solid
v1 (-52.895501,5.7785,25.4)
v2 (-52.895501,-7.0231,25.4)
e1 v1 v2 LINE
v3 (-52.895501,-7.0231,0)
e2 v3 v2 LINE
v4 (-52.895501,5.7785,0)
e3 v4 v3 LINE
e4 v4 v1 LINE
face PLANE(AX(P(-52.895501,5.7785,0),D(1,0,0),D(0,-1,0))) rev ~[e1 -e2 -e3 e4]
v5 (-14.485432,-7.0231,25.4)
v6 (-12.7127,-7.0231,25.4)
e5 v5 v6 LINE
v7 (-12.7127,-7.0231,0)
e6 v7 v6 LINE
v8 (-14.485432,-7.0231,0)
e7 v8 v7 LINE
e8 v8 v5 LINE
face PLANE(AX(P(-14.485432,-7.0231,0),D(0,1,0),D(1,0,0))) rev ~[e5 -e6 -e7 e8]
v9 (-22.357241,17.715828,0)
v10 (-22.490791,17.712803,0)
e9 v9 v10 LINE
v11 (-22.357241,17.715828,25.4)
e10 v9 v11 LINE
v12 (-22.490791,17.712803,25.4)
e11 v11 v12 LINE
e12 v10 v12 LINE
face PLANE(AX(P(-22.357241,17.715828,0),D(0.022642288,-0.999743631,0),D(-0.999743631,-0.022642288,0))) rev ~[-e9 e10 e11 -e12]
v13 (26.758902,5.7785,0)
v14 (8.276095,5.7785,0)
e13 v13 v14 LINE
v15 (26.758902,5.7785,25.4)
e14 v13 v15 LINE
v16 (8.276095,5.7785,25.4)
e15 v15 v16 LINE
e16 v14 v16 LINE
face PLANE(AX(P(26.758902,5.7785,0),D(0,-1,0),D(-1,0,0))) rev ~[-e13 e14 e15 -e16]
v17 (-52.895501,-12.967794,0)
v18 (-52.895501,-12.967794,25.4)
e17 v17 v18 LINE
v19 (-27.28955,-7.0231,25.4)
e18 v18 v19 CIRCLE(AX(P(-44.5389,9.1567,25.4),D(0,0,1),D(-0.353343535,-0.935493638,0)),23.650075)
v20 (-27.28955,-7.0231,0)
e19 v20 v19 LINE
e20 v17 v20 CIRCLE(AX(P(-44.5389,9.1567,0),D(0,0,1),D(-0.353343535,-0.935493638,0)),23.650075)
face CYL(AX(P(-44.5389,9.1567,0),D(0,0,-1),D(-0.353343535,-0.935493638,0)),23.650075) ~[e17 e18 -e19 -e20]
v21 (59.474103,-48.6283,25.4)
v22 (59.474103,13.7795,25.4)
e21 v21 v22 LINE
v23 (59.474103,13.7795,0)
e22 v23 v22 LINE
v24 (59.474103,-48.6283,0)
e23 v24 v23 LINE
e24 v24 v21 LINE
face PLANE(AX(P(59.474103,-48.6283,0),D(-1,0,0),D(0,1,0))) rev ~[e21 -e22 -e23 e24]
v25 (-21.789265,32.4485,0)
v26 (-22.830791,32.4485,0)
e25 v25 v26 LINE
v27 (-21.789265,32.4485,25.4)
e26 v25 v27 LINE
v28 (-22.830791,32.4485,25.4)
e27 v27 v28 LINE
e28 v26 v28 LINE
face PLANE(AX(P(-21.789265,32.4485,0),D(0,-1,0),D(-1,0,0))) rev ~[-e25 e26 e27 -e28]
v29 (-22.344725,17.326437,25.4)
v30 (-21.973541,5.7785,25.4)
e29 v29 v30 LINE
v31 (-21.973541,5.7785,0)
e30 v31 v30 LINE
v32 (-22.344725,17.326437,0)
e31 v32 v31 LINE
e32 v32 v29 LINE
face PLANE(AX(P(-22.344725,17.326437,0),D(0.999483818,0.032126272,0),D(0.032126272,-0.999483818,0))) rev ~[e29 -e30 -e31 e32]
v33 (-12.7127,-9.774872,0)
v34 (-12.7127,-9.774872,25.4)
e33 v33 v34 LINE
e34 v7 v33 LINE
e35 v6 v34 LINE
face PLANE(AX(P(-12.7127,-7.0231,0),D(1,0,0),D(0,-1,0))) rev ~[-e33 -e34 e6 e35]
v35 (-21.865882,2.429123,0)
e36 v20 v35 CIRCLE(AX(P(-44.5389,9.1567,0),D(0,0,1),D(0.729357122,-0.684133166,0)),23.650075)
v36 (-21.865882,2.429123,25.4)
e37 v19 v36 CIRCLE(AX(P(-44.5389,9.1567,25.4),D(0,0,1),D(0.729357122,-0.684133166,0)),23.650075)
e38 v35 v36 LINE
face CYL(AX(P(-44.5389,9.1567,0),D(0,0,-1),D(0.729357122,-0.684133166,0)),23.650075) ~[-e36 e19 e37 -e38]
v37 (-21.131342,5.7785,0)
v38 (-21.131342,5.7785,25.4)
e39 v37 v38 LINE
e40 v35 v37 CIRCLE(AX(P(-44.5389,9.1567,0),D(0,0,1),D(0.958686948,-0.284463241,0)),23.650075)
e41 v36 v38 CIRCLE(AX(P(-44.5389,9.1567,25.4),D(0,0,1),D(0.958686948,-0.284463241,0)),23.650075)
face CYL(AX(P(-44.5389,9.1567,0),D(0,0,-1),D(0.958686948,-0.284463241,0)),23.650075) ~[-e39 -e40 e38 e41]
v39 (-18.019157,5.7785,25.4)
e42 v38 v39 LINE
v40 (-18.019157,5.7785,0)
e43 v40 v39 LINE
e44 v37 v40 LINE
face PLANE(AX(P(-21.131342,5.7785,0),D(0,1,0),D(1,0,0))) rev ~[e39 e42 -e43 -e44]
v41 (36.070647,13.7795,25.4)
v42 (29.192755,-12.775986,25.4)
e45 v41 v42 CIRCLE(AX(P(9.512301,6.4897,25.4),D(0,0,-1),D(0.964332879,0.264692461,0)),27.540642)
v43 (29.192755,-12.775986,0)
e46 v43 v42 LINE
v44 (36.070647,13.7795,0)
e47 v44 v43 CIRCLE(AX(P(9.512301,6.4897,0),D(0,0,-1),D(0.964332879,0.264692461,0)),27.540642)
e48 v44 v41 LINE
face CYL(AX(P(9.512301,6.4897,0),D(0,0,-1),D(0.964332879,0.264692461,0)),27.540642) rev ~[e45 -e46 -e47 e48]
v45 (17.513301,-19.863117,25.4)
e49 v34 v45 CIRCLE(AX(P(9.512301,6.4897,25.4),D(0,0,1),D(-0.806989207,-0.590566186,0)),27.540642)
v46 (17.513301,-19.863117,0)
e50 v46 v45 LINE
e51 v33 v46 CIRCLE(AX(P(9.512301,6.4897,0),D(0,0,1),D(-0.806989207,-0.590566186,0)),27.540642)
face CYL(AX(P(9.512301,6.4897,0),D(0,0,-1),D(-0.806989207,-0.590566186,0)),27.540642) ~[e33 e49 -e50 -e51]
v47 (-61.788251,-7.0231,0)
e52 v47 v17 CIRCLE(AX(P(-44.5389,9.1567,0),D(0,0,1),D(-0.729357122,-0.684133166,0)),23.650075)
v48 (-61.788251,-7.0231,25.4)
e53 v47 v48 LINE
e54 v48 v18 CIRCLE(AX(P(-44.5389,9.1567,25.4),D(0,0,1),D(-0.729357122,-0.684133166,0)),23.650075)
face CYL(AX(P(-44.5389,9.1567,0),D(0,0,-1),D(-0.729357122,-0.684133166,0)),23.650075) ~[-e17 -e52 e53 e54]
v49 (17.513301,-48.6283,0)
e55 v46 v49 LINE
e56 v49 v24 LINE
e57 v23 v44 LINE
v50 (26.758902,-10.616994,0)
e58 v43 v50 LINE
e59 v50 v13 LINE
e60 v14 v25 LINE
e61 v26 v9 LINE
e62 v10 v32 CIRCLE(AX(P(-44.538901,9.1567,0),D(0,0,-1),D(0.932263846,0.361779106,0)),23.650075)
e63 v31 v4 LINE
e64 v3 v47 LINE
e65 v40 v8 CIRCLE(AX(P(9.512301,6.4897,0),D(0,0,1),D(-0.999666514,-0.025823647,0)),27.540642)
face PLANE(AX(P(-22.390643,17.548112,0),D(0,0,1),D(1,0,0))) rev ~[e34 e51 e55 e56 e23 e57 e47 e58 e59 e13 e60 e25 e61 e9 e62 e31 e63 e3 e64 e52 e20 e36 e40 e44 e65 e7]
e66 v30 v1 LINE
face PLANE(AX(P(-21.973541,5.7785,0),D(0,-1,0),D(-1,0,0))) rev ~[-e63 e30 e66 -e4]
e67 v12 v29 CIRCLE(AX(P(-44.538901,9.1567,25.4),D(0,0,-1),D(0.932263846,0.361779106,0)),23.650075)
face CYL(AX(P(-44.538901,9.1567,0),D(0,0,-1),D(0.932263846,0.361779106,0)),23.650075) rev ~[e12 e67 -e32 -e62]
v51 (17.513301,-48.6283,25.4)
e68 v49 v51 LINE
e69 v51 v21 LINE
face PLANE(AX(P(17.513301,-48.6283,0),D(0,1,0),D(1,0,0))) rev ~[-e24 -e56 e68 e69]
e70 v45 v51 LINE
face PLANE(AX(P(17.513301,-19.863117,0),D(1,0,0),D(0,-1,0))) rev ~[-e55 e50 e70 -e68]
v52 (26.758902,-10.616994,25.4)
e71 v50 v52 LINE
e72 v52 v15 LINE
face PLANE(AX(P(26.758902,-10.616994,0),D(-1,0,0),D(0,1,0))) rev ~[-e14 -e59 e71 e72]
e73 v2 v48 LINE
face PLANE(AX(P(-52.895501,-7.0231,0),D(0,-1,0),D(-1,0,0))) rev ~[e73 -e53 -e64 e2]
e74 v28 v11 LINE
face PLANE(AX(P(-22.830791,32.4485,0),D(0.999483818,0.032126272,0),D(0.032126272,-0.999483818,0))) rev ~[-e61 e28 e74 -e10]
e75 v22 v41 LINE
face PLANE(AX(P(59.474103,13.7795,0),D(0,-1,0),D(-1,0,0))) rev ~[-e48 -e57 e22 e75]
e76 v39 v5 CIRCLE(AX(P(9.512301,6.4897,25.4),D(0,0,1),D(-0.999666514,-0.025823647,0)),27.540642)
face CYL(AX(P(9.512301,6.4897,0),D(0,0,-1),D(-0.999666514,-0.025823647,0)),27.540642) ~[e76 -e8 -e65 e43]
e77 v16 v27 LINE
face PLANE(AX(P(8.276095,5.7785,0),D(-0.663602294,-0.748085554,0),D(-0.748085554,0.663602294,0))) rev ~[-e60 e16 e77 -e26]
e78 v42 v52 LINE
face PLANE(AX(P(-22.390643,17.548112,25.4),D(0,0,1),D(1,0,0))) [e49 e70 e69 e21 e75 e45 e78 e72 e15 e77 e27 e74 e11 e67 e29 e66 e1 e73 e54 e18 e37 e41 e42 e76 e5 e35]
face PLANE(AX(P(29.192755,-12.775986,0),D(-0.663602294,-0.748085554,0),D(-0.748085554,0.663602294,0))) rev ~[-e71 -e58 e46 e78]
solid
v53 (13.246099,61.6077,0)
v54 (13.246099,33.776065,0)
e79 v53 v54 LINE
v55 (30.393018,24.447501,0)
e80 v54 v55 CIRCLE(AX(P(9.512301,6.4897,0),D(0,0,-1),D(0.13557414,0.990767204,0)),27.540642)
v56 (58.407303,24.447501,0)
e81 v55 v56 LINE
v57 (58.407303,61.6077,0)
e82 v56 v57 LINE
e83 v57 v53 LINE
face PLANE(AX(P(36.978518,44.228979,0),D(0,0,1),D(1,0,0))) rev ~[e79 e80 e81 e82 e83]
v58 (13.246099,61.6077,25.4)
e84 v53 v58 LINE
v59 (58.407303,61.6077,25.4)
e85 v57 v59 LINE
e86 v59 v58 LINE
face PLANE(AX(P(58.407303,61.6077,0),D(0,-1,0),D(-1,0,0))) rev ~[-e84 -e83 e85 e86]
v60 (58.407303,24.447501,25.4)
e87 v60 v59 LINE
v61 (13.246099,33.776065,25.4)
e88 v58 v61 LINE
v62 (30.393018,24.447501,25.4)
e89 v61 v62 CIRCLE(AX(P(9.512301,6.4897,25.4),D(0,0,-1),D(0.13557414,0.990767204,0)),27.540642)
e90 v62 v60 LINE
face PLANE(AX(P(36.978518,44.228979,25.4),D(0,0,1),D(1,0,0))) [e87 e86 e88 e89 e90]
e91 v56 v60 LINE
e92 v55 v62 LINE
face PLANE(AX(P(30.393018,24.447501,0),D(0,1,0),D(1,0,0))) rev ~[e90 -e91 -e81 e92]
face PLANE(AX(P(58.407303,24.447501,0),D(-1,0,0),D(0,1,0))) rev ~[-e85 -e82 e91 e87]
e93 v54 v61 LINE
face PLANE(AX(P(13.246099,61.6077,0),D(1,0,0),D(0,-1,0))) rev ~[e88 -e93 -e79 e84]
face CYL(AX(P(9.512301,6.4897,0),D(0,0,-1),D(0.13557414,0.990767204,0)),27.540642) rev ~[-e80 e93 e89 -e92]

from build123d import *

# Parameters (mm, degrees)
F1_DEPTH = 25.4


with BuildPart() as f1:
    # F0 (on Top) → F1 (new body)
    with BuildSketch(Plane.XY):
        with BuildLine():
            Line((13.2460994646, 45.5441685695), (13.2460994646, 33.7760651119))
            ThreePointArc((13.2460994646, 33.7760651119), (22.6737645437, 30.6819062002), (30.3930181569, 24.4475007057))
            Line((30.3930181569, 24.4475007057), (58.4073029459, 24.4475007057))
            Line((58.4073029459, 24.4475007057), (58.4073029459, 61.6076998413))
            Line((58.4073029459, 61.6076998413), (13.2460994646, 61.6076998413))
            Line((13.2460994646, 61.6076998413), (13.2460994646, 45.5441685695))
        make_face()
    extrude(amount=F1_DEPTH)


with BuildPart() as f1b:
    # F0 (on Top) → F1, piece 2 (new body)
    with BuildSketch(Plane.XY):
        with BuildLine():
            Line((-22.3447246047, 17.3264372072), (-22.3572407322, 17.7158277661))
            Line((-22.3572407322, 17.7158277661), (-22.49079062, 17.7128031157))
            ThreePointArc((-22.49079062, 17.7128031157), (-22.4169140994, 17.5199390524), (-22.3447246047, 17.3264372072))
        make_face()
        with BuildLine():
            Line((-52.895501256, -12.9677942328), (-52.895501256, -7.0231002755))
            Line((-52.895501256, -7.0231002755), (-61.7882507086, -7.0231002755))
            ThreePointArc((-61.7882507086, -7.0231002755), (-57.6823790196, -10.5048104309), (-52.895501256, -12.9677942328))
        make_face()
        Polygon((26.7589017749, 5.7785003446), (8.2760952747, 5.7785003446), (26.7589017749, -10.6169944338), align=None)
        with BuildLine():
            Line((-21.7892645666, 32.4485003948), (-22.8307910154, 32.4485003948))
            Line((-22.8307910154, 32.4485003948), (-22.3572407322, 17.7158277661))
            Line((-22.3572407322, 17.7158277661), (-15.5672661641, 17.8696077435))
            ThreePointArc((-15.5672661641, 17.8696077435), (-13.9489846164, 20.9138140588), (-11.9630481341, 23.7319843068))
            Line((-11.9630481341, 23.7319843068), (-21.7892645666, 32.4485003948))
        make_face()
        with BuildLine():
            Line((-5.6085911059, 18.0951527453), (-11.9630481341, 23.7319843068))
            ThreePointArc((-11.9630481341, 23.7319843068), (-13.9489846164, 20.9138140588), (-15.5672661641, 17.8696077435))
            Line((-15.5672661641, 17.8696077435), (-5.6085911059, 18.0951527453))
        make_face()
        with BuildLine():
            ThreePointArc((29.1927550987, -12.7759863304), (28.0087511986, -13.9154041142), (26.7589017749, -14.9821817572))
            Line((26.7589017749, -14.9821817572), (26.7589017749, -38.4937003255))
            Line((26.7589017749, -38.4937003255), (17.5133012235, -38.4937003255))
            Line((17.5133012235, -38.4937003255), (17.5133012235, -48.6283004284))
            Line((17.5133012235, -48.6283004284), (59.4741031528, -48.6283004284))
            Line((59.4741031528, -48.6283004284), (59.4741031528, 13.7795004994))
            Line((59.4741031528, 13.7795004994), (36.0706472526, 13.7795004994))
            ThreePointArc((36.0706472526, 13.7795004994), (36.1732299385, -0.4155016744), (29.1927550987, -12.7759863304))
        make_face()
        with BuildLine():
            Line((29.1927550987, -12.7759863304), (26.7589017749, -10.6169944338))
            Line((26.7589017749, -10.6169944338), (26.7589017749, -14.9821817572))
            ThreePointArc((26.7589017749, -14.9821817572), (28.0087511986, -13.9154041142), (29.1927550987, -12.7759863304))
        make_face()
        with BuildLine():
            ThreePointArc((-21.1313416307, 5.7785003446), (-21.0183081354, 11.6280928505), (-22.3447246047, 17.3264372072))
            Line((-22.3447246047, 17.3264372072), (-21.9735408481, 5.7785003446))
            Line((-21.9735408481, 5.7785003446), (-21.1313416307, 5.7785003446))
        make_face()
        with BuildLine():
            Line((-5.6085911059, 18.0951527453), (-15.5672661641, 17.8696077435))
            ThreePointArc((-15.5672661641, 17.8696077435), (-17.4789700619, 11.9631153269), (-18.0191570476, 5.7785003446))
            Line((-18.0191570476, 5.7785003446), (8.2760952747, 5.7785003446))
            Line((8.2760952747, 5.7785003446), (-5.6085911059, 18.0951527453))
        make_face()
        with BuildLine():
            Line((26.7589017749, -38.4937003255), (26.7589017749, -14.9821817572))
            ThreePointArc((26.7589017749, -14.9821817572), (22.3698365424, -17.8653965252), (17.5133012235, -19.8631166534))
            Line((17.5133012235, -19.8631166534), (17.5133012235, -38.4937003255))
            Line((17.5133012235, -38.4937003255), (26.7589017749, -38.4937003255))
        make_face()
        with BuildLine():
            Line((-21.8658822799, 2.4291233142), (-21.9735408481, 5.7785003446))
            Line((-21.9735408481, 5.7785003446), (-52.895501256, 5.7785003446))
            Line((-52.895501256, 5.7785003446), (-52.895501256, -7.0231002755))
            Line((-52.895501256, -7.0231002755), (-27.2895498037, -7.0231002755))
            ThreePointArc((-27.2895498037, -7.0231002755), (-24.0258554325, -2.6136450257), (-21.8658822799, 2.4291233142))
        make_face()
        with BuildLine():
            Line((-21.1313416307, 5.7785003446), (-21.9735408481, 5.7785003446))
            Line((-21.9735408481, 5.7785003446), (-21.8658822799, 2.4291233142))
            ThreePointArc((-21.8658822799, 2.4291233142), (-21.4378295751, 4.0904818493), (-21.1313416307, 5.7785003446))
        make_face()
        with BuildLine():
            ThreePointArc((-52.895501256, -12.9677942328), (-39.1905271607, -13.8806811479), (-27.2895498037, -7.0231002755))
            Line((-27.2895498037, -7.0231002755), (-52.895501256, -7.0231002755))
            Line((-52.895501256, -7.0231002755), (-52.895501256, -12.9677942328))
        make_face()
        with BuildLine():
            Line((-15.5672661641, 17.8696077435), (-22.3572407322, 17.7158277661))
            Line((-22.3572407322, 17.7158277661), (-22.3447246047, 17.3264372072))
            ThreePointArc((-22.3447246047, 17.3264372072), (-21.0183081354, 11.6280928505), (-21.1313416307, 5.7785003446))
            Line((-21.1313416307, 5.7785003446), (-18.0191570476, 5.7785003446))
            ThreePointArc((-18.0191570476, 5.7785003446), (-17.4789700619, 11.9631153269), (-15.5672661641, 17.8696077435))
        make_face()
        with BuildLine():
            Line((8.2760952747, 5.7785003446), (-18.0191570476, 5.7785003446))
            ThreePointArc((-18.0191570476, 5.7785003446), (-17.0354792881, -0.8384884455), (-14.4854324071, -7.0231002755))
            Line((-14.4854324071, -7.0231002755), (-12.7127002925, -7.0231002755))
            Line((-12.7127002925, -7.0231002755), (-12.7127002925, -9.7748717792))
            ThreePointArc((-12.7127002925, -9.7748717792), (0.7931425522, -19.6342973866), (17.5133012235, -19.8631166534))
            ThreePointArc((17.5133012235, -19.8631166534), (22.3698365424, -17.8653965252), (26.7589017749, -14.9821817572))
            Line((26.7589017749, -14.9821817572), (26.7589017749, -10.6169944338))
            Line((26.7589017749, -10.6169944338), (8.2760952747, 5.7785003446))
        make_face()
    extrude(amount=F1_DEPTH)


solid = Compound([f1.part, f1b.part])
